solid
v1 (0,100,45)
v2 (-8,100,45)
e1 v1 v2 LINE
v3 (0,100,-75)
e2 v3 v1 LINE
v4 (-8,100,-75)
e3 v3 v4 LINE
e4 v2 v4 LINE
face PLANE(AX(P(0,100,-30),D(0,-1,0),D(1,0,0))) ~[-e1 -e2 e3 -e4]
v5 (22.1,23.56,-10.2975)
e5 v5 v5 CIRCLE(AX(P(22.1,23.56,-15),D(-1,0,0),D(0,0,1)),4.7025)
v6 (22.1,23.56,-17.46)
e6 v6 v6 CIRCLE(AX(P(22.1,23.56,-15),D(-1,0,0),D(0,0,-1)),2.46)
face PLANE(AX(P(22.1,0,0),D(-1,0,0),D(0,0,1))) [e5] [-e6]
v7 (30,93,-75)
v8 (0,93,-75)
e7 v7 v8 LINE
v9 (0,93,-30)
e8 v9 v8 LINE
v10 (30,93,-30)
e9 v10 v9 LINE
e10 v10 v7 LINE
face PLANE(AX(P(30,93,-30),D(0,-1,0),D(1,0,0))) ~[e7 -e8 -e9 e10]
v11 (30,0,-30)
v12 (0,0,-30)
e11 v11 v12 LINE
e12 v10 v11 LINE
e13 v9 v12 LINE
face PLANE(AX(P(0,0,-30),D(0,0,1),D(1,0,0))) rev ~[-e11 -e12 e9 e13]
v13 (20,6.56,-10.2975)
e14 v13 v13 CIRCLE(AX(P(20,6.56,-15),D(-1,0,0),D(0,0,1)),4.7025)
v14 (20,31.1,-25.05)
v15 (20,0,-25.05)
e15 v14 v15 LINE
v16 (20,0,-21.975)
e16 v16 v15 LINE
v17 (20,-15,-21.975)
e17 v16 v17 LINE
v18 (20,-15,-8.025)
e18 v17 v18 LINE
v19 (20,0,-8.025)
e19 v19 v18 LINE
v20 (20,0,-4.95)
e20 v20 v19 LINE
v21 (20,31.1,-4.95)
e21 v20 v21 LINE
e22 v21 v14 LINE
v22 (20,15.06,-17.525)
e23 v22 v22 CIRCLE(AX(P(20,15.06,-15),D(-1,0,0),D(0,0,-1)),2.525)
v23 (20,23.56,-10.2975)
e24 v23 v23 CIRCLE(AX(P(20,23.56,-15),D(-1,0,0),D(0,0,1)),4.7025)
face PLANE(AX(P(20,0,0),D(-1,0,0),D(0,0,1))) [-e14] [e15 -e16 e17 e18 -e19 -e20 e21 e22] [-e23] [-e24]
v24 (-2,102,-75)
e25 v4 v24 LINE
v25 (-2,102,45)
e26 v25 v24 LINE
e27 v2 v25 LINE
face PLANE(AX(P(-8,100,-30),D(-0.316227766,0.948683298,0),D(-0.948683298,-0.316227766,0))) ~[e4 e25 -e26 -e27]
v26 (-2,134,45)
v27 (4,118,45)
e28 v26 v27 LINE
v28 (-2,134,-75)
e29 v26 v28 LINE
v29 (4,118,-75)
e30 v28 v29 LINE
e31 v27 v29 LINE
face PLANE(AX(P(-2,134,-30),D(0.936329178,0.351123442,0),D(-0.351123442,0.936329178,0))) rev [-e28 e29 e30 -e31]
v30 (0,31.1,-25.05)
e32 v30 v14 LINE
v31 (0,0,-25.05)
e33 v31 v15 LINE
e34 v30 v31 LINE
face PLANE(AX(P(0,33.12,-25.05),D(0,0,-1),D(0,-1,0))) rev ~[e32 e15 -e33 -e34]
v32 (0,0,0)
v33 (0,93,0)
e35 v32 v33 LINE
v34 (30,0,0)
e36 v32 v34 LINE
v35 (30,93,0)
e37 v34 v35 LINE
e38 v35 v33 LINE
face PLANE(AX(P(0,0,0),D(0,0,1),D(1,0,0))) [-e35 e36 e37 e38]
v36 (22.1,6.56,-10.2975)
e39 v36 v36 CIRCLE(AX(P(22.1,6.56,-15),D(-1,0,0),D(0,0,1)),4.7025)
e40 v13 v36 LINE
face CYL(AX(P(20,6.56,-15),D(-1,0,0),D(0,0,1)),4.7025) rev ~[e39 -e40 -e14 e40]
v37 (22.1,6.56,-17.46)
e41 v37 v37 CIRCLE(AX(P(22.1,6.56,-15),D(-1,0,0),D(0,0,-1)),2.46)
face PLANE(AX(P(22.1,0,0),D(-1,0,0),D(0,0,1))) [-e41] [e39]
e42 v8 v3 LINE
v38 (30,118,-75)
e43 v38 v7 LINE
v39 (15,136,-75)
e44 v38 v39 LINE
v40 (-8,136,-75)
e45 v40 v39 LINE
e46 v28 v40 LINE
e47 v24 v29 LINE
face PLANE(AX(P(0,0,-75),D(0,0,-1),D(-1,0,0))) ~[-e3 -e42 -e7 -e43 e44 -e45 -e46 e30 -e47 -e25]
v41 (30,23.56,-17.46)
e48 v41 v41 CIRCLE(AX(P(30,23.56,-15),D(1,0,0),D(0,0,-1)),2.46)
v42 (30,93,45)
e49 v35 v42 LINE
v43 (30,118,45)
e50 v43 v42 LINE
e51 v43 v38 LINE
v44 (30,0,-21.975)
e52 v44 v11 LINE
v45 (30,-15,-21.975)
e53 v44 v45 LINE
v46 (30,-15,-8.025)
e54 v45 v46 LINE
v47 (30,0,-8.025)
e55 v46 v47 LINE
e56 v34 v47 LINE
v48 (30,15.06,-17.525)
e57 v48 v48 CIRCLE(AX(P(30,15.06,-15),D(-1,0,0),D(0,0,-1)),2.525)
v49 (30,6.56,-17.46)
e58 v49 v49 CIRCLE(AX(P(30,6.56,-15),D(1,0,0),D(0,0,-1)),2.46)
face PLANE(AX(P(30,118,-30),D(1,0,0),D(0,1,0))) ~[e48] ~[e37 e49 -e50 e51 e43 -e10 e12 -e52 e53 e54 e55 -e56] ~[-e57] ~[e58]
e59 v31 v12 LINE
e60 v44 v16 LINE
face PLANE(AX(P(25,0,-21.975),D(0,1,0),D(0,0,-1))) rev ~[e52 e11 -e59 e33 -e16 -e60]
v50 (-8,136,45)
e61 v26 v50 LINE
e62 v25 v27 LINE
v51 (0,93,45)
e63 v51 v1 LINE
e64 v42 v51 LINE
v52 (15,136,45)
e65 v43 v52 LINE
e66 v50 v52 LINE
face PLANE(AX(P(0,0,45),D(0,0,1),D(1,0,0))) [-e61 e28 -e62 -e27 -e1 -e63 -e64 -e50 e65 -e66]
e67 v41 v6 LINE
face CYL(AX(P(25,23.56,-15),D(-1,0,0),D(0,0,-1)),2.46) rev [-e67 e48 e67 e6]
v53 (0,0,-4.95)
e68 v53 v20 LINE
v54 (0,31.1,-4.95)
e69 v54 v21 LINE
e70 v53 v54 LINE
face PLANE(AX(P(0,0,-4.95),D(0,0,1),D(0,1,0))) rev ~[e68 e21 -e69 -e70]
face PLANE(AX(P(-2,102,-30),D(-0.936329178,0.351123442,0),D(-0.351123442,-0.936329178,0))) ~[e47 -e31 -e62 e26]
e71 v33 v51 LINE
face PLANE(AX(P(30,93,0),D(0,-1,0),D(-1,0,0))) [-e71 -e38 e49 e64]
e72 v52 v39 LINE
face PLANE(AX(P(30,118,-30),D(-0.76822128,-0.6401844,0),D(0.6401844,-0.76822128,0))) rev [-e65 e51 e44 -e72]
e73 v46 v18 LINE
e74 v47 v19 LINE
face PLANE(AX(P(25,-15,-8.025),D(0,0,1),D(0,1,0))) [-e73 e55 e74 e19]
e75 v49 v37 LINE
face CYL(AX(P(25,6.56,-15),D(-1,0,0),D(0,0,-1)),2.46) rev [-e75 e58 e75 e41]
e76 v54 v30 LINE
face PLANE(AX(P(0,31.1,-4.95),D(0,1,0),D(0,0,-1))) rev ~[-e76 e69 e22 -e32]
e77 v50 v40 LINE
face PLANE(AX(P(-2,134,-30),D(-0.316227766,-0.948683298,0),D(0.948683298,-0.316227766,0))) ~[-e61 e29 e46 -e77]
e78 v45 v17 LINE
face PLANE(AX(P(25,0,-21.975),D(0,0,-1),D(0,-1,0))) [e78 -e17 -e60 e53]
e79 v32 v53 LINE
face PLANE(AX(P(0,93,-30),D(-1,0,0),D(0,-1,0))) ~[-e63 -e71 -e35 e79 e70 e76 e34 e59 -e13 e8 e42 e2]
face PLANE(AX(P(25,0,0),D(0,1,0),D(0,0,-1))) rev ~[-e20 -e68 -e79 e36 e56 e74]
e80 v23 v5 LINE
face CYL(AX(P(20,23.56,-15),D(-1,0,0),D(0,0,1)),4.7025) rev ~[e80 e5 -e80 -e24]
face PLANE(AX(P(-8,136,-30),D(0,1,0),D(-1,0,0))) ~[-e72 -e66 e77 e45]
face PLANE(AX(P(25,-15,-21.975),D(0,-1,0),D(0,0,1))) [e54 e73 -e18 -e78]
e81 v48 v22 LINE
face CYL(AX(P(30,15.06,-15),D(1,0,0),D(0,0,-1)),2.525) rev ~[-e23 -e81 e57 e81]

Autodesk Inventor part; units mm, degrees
ref_plane "YZ Plane" through (0, 0, 0) normal (1, 0, 0) x (0, 1, 0)
ref_plane "XZ Plane" through (0, 0, 0) normal (0, 1, 0) x (-1, 0, 0)
sketch "Sketch1" plane through (0, 0, 0) normal (0, 0, 1) x (1, 0, 0)
  line L0 (0, 0) -> (25, 0)
  line L1 (25, 0) -> (25, 40)
  line L2 (25, 40) -> (0, 40)
  line L3 (0, 40) -> (0, 0)
  dimension "d1" = 25
  dimension "d2" = 40
  dimension "d3" = 25
extrude "Extrusion1" add sketch "Sketch1" against normal blind 30
sketch "Sketch2" plane through (25, 0, 0) normal (1, 0, 0) x (0, 0, -1)
  line L0 (0, 0) -> (30, 0) projected
  circle A0 centre (15, 6.56) radius 2.46
extrude "Extrusion2" cut sketch "Sketch2" against normal blind 30
sketch "Sketch3" plane through (0, 0, 0) normal (-1, 0, 0) x (0, 0, 1)
  line L0 (0, 0) -> (-30, 0) projected
  line L1 (-25.05, 0) -> (-4.95, 0)
  line L2 (-4.95, 0) -> (-4.95, 33.12)
  line L3 (-4.95, 33.12) -> (-25.05, 33.12)
  line L4 (-25.05, 33.12) -> (-25.05, 0)
  dimension "d11" = 20.1
extrude "Extrusion3" cut sketch "Sketch3" against normal blind 20
sketch "Sketch4" plane through (0, 0, 0) normal (0, -1, 0) x (1, 0, 0)
  line L0 (20, -4.95) -> (20, -25.05) projected
  line L1 (20, -15) -> (25, -15)
  line L2 (25, 0) -> (25, -30) projected
  line L3 (20, -8.025) -> (25, -8.025)
  line L4 (25, -8.025) -> (25, -21.975)
  line L5 (25, -21.975) -> (20, -21.975)
  line L6 (20, -21.975) -> (20, -8.025)
  line L7 (20, -8.025) -> (25, -21.975) construction
  line L8 (25, -8.025) -> (20, -21.975) construction
  line L9 (25, -12.54) -> (25, -17.46) projected
  point P0 (0, 0)
  point P1 (22.5, -15)
  dimension "d14" = 13.95
extrude "Extrusion4" add sketch "Sketch4" along normal blind 15
sketch "Sketch5" plane through (20, 0, 0) normal (-1, 0, 0) x (0, 0, 1)
  circle A0 centre (-15, 6.56) radius 2.46 projected
  circle A1 centre (-15, 6.56) radius 4.7025
  circle A2 centre (-15, 6.56) radius 2.46 projected
  circle A3 centre (-15, 6.56) radius 2.46
  point P0 (0, 0)
  dimension "d17" = 9.405
extrude "Extrusion5" cut sketch "Sketch5" against normal blind 2.1
sketch "Sketch6" plane through (25, 0, 0) normal (1, 0, 0) x (0, 0, -1)
  circle A0 centre (15, 6.56) radius 4.7025 projected
  line L0 (15, 6.56) -> (15, 23.56)
  circle A1 centre (15, 23.56) radius 2.46
  point P0 (0, 0)
  dimension "d20" = 17
  dimension "d21" = 4.92
extrude "Extrusion6" cut sketch "Sketch6" against normal blind 10 contours A1
sketch "Sketch7" plane through (20, 0, 0) normal (-1, 0, 0) x (0, 0, 1)
  circle A0 centre (-15, 23.56) radius 2.46 projected
  circle A1 centre (-15, 23.56) radius 4.7025
  point P0 (0, 0)
  dimension "d24" = 9.405
extrude "Extrusion7" cut sketch "Sketch7" against normal blind 2.1
sketch "Sketch9" plane through (25, 0, 0) normal (1, 0, 0) x (0, 0, -1)
  circle A0 centre (15, 6.56) radius 2.46 projected
  circle A1 centre (15, 6.56) radius 2.46
  circle A2 centre (15, 23.56) radius 2.46 projected
  circle A3 centre (15, 23.56) radius 2.46
  line L0 (30, 40) -> (30, 0) projected
  line L1 (30, 0) -> (30, 40)
  line L2 (30, 40) -> (0, 40)
  line L3 (0, 40) -> (0, 0)
  line L4 (0, 0) -> (8.025, 0) projected
  line L5 (21.975, 0) -> (21.975, -15)
  line L6 (21.975, -15) -> (8.025, -15)
  line L7 (8.025, -15) -> (8.025, 0)
  line L8 (0, 0) -> (8.025, 0)
  line L9 (21.975, 0) -> (30, 0)
extrude "Extrusion8" add sketch "Sketch9" along normal blind 5
sketch "Sketch10" plane through (0, 40, 0) normal (0, 1, 0) x (1, 0, 0)
  line L0 (0, 30) -> (30, 30) projected
  line L1 (30, 0) -> (0, 0) projected
  line L2 (0, 30) -> (30, 30)
  line L3 (30, 30) -> (30, 0)
  line L4 (30, 0) -> (0, 0)
  line L5 (0, 0) -> (0, 30)
extrude "Extrusion9" add sketch "Sketch10" along normal blind 30
sketch "Sketch12" plane through (30, 0, 0) normal (1, 0, 0) x (0, 0, -1)
  circle A0 centre (15, 6.56) radius 2.46 projected
  line L0 (15, 6.56) -> (15, 15.06)
  circle A1 centre (15, 15.06) radius 2.525
  point P0 (0, 0)
  dimension "d31" = 8.5
  dimension "d33" = 5.05
extrude "Extrusion10" cut sketch "Sketch12" against normal blind 30 contours A1
sketch "Sketch14" plane through (0, 0, 0) normal (0, 0, 1) x (1, 0, 0)
  line L0 (30, 70) -> (0, 70) projected
  line L1 (0, 100) -> (-8, 100)
  line L2 (30, 0) -> (30, 70) projected
  line L3 (30, 118) -> (30, 70)
  line L4 (30, 105) -> (30, 100)
  line L5 (-2, 134) -> (-8, 136)
  line L6 (-2, 134) -> (4, 118)
  line L7 (-2, 102) -> (-8, 100)
  line L8 (-2, 102) -> (4, 118)
  line L9 (0, 70) -> (30, 70) projected
  line L10 (0, 70) -> (0, 100)
  line L11 (15, 136) -> (30, 118)
  line L12 (-8, 136) -> (15, 136)
  point P0 (0, 0)
  dimension "d47" = 30
extrude "Extrusion12" add sketch "Sketch14" against normal blind 30
sketch "Sketch15" plane through (0, 0, -25.05) normal (-1, 0, 0) x (0, 0, 1)
  line L0 (0, 33.12) -> (20.1, 33.12) projected
  line L1 (20.1, 33.12) -> (20.1, 0) projected
  line L2 (0, 33.12) -> (20.1, 33.12)
  line L3 (20.1, 33.12) -> (20.1, 31.1)
  line L4 (20.1, 31.1) -> (0, 31.1)
  line L5 (0, 31.1) -> (0, 33.12)
  point P0 (25.05, 0)
  dimension "d57" = 2.02
extrude "Extrusion13" add sketch "Sketch15" against normal blind 20
sketch "Sketch23" plane through (0, 0, 0) normal (0, 0, 1) x (1, 0, 0)
  line L0 (0, 100) -> (-8, 100) projected
  line L1 (-8, 100) -> (-2, 102) projected
  line L2 (-8, 100) -> (-2, 102)
  line L3 (-2, 102) -> (4, 118) projected
  line L4 (-2, 102) -> (4, 118)
  line L5 (-2, 134) -> (4, 118) projected
  line L6 (4, 118) -> (-2, 134)
  line L7 (-2, 134) -> (-8, 136) projected
  line L8 (-2, 134) -> (-8, 136)
  line L9 (-8, 136) -> (15, 136) projected
  line L10 (-8, 136) -> (15, 136)
  line L11 (30, 118) -> (15, 136) projected
  line L12 (15, 136) -> (30, 118)
  line L13 (30, 118) -> (30, 93)
  line L14 (30, 0) -> (30, 118) projected
  line L15 (30, 93) -> (0, 93)
  line L16 (0, 93) -> (0, 100)
  line L17 (-8, 100) -> (0, 100)
  point P0 (0, 0)
  dimension "d85" = 25
extrude "Extrusion14" add sketch "Sketch23" along normal blind 45
ref_plane "Work Plane1" through (0, 0, -15) normal (0, 0, 1) x (1, 0, 0)
mirror "Mirror1" about plane through (0, 0, -15) normal (0, 0, 1) of "Extrusion14"
properties part number "32mm_x_120mm"
